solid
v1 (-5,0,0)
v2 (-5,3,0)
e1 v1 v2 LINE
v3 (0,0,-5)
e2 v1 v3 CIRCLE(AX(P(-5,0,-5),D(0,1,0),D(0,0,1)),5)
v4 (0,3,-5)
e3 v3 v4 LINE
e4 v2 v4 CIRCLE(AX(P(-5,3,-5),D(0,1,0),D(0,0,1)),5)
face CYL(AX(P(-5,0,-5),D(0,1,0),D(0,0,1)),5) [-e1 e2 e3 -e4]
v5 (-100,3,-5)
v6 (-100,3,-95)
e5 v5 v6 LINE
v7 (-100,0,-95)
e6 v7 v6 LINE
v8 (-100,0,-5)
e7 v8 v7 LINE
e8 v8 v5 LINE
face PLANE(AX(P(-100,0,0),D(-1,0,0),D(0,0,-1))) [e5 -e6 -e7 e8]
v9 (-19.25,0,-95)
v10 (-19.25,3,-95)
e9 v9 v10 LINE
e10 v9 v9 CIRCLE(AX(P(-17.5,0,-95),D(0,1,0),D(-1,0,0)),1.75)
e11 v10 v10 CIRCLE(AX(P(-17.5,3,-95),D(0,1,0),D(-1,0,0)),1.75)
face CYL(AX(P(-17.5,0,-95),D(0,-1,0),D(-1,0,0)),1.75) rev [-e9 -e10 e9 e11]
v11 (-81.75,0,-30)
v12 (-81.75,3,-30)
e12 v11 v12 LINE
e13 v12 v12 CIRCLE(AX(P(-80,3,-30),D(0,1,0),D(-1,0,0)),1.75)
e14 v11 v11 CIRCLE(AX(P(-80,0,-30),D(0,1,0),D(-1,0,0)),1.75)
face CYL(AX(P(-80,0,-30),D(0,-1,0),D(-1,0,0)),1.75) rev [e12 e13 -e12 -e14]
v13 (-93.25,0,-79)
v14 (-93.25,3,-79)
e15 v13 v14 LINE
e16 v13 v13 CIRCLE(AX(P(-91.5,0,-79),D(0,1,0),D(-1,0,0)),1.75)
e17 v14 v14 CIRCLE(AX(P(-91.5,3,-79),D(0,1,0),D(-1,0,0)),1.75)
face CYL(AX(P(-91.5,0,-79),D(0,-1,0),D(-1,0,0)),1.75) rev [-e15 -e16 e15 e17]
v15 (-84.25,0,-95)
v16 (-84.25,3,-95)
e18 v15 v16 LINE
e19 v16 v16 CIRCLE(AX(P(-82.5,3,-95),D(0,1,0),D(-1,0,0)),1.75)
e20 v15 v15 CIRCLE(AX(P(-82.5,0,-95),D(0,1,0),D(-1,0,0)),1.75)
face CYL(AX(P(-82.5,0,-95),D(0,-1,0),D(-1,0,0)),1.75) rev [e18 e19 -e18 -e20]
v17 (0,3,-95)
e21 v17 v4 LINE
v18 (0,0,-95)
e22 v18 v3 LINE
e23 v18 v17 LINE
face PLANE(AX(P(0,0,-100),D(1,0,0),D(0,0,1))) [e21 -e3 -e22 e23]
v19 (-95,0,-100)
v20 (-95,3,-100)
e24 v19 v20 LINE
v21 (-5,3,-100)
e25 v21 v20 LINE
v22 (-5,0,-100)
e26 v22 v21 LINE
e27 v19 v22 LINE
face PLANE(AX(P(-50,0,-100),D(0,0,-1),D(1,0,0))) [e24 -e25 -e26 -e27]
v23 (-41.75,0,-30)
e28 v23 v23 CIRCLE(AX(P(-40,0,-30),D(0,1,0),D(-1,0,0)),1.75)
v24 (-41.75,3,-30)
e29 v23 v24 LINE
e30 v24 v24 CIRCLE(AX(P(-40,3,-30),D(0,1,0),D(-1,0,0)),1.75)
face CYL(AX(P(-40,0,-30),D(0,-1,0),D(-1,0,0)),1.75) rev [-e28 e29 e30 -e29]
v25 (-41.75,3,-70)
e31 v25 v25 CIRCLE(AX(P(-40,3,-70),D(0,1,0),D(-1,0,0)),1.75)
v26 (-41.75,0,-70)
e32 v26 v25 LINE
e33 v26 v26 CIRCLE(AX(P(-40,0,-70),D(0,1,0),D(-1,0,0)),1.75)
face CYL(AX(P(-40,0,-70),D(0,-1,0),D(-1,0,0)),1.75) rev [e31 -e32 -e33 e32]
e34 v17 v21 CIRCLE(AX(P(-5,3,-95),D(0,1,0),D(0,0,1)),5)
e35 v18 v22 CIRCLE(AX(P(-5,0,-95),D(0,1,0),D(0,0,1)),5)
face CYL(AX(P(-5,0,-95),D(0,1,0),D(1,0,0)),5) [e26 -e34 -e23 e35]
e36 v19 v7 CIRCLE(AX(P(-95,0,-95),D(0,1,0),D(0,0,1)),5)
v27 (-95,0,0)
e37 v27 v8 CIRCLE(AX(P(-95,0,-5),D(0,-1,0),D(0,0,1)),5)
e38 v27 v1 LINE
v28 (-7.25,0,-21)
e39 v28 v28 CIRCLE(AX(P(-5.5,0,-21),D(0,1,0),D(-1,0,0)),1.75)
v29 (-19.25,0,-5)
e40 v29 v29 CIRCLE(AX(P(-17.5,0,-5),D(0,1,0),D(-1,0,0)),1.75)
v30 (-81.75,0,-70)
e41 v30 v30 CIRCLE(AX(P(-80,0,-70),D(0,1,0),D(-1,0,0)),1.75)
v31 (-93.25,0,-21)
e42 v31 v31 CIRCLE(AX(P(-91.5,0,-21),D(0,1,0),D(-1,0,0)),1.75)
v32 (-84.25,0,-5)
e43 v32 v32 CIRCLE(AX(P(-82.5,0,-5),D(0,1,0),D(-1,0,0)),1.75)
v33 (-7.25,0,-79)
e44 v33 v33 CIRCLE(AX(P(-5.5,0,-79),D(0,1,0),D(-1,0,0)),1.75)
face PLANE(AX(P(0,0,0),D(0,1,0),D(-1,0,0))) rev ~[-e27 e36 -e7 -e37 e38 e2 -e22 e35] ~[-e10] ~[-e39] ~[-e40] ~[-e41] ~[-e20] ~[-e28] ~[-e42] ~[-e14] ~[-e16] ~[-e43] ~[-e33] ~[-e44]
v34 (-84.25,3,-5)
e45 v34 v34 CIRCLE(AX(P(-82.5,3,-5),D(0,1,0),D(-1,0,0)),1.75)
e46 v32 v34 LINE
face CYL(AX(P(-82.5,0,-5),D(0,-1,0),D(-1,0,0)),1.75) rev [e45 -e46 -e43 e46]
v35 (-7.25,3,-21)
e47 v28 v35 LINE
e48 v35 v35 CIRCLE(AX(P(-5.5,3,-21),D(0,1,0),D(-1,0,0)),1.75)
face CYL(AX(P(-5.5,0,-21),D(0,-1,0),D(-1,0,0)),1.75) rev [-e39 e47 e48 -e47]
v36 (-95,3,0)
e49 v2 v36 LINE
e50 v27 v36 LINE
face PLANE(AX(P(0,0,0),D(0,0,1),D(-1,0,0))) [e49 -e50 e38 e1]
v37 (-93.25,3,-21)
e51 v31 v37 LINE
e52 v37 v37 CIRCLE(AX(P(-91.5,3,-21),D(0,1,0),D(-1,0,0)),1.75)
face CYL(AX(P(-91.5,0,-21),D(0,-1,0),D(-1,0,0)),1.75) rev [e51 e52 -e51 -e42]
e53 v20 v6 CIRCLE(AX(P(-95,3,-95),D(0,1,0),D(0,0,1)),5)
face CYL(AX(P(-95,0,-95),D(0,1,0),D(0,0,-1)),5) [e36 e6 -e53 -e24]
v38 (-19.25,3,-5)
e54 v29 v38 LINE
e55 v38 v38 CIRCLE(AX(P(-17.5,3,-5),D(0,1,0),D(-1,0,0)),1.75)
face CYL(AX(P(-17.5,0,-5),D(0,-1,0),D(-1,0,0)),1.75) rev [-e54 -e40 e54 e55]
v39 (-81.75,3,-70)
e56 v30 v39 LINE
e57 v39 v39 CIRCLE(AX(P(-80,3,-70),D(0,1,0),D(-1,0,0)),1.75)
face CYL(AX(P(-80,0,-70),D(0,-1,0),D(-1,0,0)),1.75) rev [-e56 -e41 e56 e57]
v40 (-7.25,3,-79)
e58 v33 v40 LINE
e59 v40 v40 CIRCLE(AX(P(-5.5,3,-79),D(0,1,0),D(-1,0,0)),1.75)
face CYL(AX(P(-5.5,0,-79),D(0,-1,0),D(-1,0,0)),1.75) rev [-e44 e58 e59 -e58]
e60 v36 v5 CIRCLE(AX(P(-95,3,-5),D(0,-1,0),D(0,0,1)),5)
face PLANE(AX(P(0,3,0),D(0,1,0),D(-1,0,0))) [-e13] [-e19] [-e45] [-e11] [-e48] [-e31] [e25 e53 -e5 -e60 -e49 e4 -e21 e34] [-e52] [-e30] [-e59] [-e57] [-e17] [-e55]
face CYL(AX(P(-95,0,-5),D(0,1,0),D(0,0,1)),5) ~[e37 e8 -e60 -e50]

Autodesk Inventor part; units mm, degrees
ref_plane "YZ Plane" through (0, 0, 0) normal (1, 0, 0) x (0, 1, 0)
ref_plane "XZ Plane" through (0, 0, 0) normal (0, 1, 0) x (-1, 0, 0)
ref_plane "XY Plane" through (0, 0, 0) normal (0, 0, 1) x (1, 0, 0)
sketch "Sketch2" plane through (0, 0, 0) normal (0, 1, 0) x (-1, 0, 0)
  line L0 (0, 0) -> (100, 0)
  line L1 (100, 0) -> (100, -100)
  line L2 (100, -100) -> (0, -100)
  line L3 (0, -100) -> (0, 0)
  circle A0 centre (82.5, -5) radius 1.75
  circle A1 centre (82.5, -95) radius 1.75
  circle A2 centre (17.5, -5) radius 1.75
  circle A3 centre (17.5, -95) radius 1.75
  circle A4 centre (80, -30) radius 1.75
  circle A5 centre (91.5, -21) radius 1.75
  circle A6 centre (91.5, -79) radius 1.75
  circle A7 centre (5.5, -21) radius 1.75
  circle A8 centre (5.5, -79) radius 1.75
  line L4 (50, 0) -> (50, -100)
  circle A9 centre (40, -30) radius 1.75
  circle A10 centre (80, -70) radius 1.75
  circle A11 centre (40, -70) radius 1.75
  dimension "d13" = 100
  dimension "d14" = 100
  dimension "d15" = 3.5
  dimension "d16" = 17.5
  dimension "d17" = 5
  dimension "d20" = 90
  dimension "d23" = 65
  dimension "d26" = 3.5
  dimension "d27" = 20
  dimension "d28" = 30
  dimension "d32" = 3.5
  dimension "d35" = 58
  dimension "d38" = 86
  dimension "d41" = 8.5
  dimension "d42" = 21
  dimension "d51" = 40
  dimension "d54" = 40
extrude "Extrusion2" add sketch "Sketch2" along normal blind 3
fillet "Fillet2" radius 5 4 edges at (0, 1.5, -100) (-100, 1.5, -100) (0, 1.5, 0) (-100, 1.5, 0)
properties part number "EboxMounting_Plate"
